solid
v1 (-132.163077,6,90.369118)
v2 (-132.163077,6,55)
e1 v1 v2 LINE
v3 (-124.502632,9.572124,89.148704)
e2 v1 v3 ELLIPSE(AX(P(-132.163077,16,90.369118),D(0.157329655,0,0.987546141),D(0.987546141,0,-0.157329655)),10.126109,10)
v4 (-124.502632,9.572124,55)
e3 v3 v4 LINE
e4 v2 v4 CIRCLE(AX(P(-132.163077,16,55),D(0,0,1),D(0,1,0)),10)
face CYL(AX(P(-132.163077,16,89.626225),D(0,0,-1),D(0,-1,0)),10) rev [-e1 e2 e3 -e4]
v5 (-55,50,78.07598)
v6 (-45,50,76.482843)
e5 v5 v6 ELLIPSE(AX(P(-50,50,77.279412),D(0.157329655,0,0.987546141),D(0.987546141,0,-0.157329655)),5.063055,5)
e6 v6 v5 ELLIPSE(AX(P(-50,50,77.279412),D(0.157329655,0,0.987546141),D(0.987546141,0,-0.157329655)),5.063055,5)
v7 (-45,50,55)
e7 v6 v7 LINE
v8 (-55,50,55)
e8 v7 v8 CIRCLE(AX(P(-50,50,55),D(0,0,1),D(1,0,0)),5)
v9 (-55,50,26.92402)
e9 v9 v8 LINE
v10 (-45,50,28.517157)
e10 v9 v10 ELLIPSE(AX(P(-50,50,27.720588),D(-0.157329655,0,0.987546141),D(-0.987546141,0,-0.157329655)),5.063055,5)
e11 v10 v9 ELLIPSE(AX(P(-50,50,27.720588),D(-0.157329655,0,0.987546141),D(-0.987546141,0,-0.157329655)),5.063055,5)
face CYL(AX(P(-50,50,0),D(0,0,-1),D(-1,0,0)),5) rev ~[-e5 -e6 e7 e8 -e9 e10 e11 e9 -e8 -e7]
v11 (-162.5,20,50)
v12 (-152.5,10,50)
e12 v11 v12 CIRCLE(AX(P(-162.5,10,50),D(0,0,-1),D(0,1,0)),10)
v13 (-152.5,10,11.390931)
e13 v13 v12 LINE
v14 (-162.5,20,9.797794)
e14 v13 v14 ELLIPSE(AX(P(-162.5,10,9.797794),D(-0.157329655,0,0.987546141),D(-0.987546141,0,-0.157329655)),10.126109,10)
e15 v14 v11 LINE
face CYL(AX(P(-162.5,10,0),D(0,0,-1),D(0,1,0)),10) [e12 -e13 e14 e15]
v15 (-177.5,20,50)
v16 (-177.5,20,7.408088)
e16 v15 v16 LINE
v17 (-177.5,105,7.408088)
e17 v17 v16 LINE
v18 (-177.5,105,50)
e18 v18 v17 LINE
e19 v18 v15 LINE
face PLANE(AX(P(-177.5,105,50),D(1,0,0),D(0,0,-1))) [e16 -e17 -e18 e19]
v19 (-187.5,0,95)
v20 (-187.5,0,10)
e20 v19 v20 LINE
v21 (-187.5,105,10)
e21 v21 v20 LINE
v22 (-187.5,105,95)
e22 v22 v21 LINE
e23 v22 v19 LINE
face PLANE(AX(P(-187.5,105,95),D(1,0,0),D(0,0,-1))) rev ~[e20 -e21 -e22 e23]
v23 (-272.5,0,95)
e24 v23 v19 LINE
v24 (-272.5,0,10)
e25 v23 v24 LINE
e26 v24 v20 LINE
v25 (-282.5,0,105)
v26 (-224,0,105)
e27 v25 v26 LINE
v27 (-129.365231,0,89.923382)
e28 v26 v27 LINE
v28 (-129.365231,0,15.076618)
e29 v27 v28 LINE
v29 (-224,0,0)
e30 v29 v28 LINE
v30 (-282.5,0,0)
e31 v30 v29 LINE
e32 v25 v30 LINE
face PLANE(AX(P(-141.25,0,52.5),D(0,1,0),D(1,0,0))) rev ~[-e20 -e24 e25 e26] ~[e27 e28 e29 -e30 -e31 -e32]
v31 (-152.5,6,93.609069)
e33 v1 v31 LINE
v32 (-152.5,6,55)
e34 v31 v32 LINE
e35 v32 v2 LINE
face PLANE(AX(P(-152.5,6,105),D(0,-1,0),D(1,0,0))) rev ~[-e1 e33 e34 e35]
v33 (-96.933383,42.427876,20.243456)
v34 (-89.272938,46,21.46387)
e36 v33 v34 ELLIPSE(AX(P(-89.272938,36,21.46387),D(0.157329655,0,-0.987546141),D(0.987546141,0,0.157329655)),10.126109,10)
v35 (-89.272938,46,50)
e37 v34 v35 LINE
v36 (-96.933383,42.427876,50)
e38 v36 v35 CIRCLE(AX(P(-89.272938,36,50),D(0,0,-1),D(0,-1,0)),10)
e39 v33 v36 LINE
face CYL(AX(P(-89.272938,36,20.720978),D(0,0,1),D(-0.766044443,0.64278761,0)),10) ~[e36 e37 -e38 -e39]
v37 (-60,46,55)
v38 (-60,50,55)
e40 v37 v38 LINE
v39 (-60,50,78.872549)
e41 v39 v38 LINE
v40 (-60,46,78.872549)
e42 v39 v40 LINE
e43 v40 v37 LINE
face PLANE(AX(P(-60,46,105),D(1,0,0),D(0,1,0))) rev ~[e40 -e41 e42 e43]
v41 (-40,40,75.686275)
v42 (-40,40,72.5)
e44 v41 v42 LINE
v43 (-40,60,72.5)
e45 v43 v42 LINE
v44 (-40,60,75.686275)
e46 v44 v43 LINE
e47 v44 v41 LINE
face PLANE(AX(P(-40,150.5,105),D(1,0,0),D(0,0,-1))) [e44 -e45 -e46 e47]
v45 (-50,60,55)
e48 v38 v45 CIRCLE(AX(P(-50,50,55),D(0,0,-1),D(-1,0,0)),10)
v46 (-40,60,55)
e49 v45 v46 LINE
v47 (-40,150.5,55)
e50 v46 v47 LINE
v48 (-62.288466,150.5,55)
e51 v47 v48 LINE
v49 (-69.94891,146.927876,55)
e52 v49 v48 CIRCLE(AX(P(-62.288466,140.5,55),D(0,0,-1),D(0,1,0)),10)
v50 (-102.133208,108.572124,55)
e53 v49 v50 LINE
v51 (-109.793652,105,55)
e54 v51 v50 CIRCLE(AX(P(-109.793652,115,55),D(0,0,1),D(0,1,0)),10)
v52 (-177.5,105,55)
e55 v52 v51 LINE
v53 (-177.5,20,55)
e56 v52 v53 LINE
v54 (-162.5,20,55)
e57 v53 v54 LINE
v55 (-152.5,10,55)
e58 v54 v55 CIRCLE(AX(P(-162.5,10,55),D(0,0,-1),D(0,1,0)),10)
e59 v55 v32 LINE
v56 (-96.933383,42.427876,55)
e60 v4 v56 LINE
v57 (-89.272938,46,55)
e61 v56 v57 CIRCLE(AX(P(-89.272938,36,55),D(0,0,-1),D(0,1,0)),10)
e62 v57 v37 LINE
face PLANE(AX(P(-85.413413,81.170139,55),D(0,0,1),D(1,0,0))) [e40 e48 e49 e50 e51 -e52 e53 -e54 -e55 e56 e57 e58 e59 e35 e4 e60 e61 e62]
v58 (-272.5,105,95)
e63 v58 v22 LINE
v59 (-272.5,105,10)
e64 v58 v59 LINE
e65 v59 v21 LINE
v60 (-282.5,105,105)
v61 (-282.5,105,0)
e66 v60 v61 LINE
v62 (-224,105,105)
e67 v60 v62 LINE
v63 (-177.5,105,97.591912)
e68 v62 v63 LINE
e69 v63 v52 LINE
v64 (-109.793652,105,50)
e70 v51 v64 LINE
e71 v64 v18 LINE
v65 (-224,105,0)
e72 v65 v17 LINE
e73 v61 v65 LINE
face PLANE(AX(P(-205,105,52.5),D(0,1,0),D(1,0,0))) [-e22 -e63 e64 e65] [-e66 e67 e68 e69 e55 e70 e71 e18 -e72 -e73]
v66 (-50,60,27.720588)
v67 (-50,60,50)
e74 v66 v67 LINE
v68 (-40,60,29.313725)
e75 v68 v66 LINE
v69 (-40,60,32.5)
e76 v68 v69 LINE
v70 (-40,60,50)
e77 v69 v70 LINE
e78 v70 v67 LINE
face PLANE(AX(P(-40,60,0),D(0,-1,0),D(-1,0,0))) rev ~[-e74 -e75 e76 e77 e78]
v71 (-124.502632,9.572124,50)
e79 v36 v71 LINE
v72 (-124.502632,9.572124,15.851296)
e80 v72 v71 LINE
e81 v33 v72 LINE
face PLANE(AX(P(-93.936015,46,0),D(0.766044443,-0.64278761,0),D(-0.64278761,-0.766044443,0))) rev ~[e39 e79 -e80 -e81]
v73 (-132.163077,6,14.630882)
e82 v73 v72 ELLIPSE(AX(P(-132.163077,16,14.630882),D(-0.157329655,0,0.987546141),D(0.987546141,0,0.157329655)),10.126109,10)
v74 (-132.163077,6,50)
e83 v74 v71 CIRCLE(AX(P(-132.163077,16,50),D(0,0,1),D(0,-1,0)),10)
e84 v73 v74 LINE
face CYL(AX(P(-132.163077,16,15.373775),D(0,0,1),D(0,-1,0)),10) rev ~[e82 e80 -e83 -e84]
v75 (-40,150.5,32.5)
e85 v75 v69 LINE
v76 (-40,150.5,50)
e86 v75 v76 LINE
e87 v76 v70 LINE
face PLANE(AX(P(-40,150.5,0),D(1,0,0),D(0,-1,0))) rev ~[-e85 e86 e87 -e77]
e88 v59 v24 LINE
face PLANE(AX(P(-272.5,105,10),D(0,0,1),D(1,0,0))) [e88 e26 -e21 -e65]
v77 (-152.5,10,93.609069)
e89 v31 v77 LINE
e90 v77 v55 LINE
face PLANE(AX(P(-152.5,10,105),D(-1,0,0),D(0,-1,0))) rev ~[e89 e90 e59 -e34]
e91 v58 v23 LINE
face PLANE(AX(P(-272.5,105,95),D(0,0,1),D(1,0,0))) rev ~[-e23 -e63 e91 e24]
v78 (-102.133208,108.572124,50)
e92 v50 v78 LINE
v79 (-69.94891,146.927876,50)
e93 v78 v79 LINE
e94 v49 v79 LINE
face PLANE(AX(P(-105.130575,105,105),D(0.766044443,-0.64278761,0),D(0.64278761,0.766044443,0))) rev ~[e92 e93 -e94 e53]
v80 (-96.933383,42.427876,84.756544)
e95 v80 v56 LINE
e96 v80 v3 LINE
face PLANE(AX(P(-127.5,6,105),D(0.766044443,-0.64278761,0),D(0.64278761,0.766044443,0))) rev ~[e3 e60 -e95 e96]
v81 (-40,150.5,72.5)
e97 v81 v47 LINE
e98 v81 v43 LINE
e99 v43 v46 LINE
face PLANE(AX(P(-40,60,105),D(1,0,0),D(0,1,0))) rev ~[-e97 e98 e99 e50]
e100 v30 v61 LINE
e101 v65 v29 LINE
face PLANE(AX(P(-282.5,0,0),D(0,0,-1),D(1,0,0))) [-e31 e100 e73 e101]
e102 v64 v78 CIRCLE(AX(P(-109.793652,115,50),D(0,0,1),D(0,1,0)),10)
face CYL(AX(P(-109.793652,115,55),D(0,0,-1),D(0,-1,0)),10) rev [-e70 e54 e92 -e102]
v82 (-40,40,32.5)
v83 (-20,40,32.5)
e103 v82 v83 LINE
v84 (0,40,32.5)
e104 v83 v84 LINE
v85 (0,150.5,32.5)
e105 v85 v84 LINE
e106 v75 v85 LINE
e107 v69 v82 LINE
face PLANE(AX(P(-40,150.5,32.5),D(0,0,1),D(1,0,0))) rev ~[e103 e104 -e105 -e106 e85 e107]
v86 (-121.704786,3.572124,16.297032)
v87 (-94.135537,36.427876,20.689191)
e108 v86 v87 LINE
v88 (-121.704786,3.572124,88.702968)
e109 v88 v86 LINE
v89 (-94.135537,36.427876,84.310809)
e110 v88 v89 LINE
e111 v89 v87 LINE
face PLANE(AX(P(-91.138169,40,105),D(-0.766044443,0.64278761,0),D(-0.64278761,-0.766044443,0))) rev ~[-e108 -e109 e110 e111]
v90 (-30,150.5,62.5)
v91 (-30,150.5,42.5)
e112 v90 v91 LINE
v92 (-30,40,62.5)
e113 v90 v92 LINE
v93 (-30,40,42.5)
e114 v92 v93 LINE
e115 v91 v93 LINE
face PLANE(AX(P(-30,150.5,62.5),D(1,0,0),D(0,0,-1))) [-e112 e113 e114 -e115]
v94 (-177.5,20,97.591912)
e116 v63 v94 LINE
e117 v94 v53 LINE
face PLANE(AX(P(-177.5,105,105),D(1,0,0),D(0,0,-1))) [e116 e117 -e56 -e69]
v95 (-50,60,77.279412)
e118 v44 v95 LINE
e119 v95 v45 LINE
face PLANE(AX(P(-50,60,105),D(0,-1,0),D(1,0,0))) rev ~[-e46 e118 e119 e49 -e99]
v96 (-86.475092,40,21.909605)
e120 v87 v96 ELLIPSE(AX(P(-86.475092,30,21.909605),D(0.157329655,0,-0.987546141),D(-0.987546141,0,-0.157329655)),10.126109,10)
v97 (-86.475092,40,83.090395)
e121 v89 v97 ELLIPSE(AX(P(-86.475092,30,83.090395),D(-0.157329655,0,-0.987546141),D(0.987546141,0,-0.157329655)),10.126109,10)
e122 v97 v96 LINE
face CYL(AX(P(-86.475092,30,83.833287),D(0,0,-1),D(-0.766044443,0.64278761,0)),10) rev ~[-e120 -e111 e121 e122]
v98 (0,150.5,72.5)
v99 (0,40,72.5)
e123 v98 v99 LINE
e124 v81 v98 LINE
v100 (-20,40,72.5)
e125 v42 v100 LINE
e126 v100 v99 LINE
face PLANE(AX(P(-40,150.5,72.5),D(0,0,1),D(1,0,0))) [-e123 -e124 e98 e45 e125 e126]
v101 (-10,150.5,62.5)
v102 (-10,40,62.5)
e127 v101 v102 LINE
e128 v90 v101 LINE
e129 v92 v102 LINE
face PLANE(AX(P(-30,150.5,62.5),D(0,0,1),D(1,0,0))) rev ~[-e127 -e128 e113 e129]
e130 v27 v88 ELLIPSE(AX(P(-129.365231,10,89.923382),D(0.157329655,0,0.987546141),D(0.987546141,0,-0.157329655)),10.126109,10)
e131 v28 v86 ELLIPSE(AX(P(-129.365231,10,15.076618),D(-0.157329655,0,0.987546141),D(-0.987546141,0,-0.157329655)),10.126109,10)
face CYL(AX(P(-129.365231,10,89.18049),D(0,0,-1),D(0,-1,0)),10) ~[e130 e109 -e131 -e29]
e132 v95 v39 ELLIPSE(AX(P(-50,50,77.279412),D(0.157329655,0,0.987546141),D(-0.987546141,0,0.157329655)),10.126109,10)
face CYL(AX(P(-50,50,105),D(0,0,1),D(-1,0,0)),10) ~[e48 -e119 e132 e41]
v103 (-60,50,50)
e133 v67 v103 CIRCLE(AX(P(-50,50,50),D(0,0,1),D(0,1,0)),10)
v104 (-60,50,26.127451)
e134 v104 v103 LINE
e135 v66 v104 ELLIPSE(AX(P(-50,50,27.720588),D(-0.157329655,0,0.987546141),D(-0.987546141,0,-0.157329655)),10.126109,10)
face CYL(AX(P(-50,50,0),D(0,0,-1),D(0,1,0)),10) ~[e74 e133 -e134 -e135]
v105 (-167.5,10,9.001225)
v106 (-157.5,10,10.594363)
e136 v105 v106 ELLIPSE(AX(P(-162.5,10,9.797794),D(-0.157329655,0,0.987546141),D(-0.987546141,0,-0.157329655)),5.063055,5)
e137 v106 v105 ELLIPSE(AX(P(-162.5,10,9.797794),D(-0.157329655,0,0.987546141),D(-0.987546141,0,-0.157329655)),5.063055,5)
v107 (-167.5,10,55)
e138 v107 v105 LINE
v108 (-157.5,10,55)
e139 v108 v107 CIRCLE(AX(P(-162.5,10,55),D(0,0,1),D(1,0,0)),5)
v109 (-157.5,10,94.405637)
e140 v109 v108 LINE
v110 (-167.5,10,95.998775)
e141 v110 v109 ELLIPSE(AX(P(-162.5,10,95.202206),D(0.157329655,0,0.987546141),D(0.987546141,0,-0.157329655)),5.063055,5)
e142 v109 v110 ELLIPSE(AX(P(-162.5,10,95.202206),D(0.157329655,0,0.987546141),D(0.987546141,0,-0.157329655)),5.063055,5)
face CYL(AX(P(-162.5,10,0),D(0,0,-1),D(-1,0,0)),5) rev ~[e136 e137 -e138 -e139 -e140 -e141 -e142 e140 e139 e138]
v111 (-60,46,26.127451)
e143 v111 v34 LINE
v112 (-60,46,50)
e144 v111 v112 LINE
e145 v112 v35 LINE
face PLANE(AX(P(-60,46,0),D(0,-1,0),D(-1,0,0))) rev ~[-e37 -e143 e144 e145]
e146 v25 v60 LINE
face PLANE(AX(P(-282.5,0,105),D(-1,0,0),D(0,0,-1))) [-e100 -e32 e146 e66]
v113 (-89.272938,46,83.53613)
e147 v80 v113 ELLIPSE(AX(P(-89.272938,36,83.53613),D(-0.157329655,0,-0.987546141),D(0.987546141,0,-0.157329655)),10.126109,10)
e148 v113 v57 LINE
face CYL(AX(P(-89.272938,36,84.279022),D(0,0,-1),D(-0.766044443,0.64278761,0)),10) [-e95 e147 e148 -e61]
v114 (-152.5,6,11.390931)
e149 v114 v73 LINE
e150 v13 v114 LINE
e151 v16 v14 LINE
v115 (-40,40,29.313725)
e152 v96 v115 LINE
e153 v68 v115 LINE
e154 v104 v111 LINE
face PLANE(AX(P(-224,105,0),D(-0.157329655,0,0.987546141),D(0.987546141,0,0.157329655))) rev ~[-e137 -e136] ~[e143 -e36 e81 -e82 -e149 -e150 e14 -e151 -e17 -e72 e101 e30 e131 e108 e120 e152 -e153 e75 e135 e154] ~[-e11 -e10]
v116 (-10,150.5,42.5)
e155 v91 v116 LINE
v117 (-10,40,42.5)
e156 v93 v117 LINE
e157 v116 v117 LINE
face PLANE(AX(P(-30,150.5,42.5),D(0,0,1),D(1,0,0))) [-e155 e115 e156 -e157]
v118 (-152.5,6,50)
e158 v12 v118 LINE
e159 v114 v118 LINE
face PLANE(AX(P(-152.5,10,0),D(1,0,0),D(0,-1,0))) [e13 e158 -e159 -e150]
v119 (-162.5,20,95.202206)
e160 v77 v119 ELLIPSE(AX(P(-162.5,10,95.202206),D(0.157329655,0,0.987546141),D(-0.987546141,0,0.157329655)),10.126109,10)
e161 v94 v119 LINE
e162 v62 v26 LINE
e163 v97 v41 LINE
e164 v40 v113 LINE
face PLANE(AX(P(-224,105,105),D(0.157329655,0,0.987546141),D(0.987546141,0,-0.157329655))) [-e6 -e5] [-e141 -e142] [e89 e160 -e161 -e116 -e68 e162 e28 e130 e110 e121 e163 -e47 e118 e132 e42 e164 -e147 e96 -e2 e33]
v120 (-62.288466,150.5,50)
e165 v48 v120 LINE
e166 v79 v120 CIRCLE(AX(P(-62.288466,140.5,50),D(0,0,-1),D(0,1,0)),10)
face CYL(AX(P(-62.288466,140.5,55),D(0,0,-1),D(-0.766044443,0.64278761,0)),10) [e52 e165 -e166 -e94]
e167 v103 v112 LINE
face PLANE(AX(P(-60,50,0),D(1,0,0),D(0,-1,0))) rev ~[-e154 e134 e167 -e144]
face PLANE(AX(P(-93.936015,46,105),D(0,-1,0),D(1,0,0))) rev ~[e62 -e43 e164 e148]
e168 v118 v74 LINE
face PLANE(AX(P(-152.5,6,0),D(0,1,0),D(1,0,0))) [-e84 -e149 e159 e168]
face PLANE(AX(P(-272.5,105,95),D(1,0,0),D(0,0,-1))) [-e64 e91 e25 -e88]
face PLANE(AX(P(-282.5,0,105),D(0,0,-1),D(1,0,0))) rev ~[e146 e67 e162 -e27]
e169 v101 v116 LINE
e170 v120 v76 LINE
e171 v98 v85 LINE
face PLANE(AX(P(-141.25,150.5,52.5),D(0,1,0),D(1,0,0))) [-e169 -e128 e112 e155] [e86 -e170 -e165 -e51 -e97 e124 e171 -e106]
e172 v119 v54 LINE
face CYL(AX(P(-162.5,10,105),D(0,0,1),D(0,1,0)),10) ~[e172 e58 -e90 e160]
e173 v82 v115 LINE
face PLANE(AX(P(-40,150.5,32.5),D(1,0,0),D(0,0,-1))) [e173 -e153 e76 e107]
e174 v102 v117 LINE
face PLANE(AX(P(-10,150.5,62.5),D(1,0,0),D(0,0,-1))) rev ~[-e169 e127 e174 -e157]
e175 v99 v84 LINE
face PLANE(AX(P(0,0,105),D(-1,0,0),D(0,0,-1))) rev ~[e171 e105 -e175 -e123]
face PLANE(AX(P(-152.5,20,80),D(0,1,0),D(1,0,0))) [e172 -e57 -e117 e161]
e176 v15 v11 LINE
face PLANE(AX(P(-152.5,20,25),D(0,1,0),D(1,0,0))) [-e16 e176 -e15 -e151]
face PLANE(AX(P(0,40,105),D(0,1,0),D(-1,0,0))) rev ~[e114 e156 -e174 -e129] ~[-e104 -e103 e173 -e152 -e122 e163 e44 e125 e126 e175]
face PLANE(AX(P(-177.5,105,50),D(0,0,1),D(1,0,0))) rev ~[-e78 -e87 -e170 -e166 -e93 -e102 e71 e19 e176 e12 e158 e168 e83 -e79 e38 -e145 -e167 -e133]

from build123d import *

# Parameters (mm, degrees)
SKETCH1_W           = 282.5
SKETCH1_H           = 105
BOSS_EXTRUDE1_DEPTH = 150.5
SKETCH2_W           = 155
SKETCH2_H           = 105
CUT_EXTRUDE1_DEPTH  = 45.5
SKETCH3_W           = 50
SKETCH3_H           = 50
CUT_EXTRUDE2_DEPTH  = 85
SKETCH4_R           = 5
CUT_EXTRUDE3_DEPTH  = 50
SKETCH5_R           = 5
CUT_EXTRUDE4_DEPTH  = 50
CUT_EXTRUDE5_DEPTH  = 106
CUT_EXTRUDE6_DEPTH  = 106
SKETCH8_R           = 5
CUT_EXTRUDE7_DEPTH  = 50
CUT_EXTRUDE8_DEPTH  = 50
SKETCH10_R          = 5
CUT_EXTRUDE9_DEPTH  = 106
SKETCH11_R          = 5
CUT_EXTRUDE10_DEPTH = 106
SKETCH12_W          = 85
SKETCH12_H          = 85
CUT_EXTRUDE11_DEPTH = 106
SKETCH13_W          = 40
SKETCH13_H          = 32.5
CUT_EXTRUDE12_DEPTH = 151.5
SKETCH14_W          = 20
SKETCH14_H          = 20
CUT_EXTRUDE13_DEPTH = 151.5
CUT_EXTRUDE14_DEPTH = 106
FILLET1_R           = 10
FILLET2_R           = 10
FILLET3_R           = 10


with BuildPart() as part:
    # Sketch1 → Boss-Extrude1 (new body)
    with BuildSketch(Plane(origin=(0, 0, 0), x_dir=(1, 0, 0), z_dir=(0, 1, 0))):
        with Locations((-141.25, -52.5)):
            Rectangle(SKETCH1_W, SKETCH1_H)
    extrude(amount=BOSS_EXTRUDE1_DEPTH)

    # Sketch2 → Cut-Extrude1 (cut)
    with BuildSketch(Plane(origin=(0, 150.5, 0), x_dir=(1, 0, 0), z_dir=(0, 1, 0))):
        with Locations((-205, -52.5)):
            Rectangle(SKETCH2_W, SKETCH2_H)
    extrude(amount=-CUT_EXTRUDE1_DEPTH, mode=Mode.SUBTRACT)

    # Sketch3 → Cut-Extrude2 (cut)
    with BuildSketch(Plane(origin=(0, 105, 0), x_dir=(1, 0, 0), z_dir=(0, 1, 0))):
        with Locations((-152.5, -80)):
            Rectangle(SKETCH3_W, SKETCH3_H)
        with Locations((-152.5, -25)):
            Rectangle(SKETCH3_W, SKETCH3_H)
    extrude(amount=-CUT_EXTRUDE2_DEPTH, mode=Mode.SUBTRACT)

    # Sketch4 → Cut-Extrude3 (cut)
    with BuildSketch(Plane.XY.offset(105)):
        with Locations((-162.5, 10)):
            Circle(SKETCH4_R)
        with BuildLine():
            Line((-152.5, 6), (-127.5, 6))
            Line((-127.5, 6), (-127.5, 105))
            Line((-127.5, 105), (-177.5, 105))
            Line((-177.5, 105), (-177.5, 20))
            Line((-177.5, 20), (-162.5, 20))
            ThreePointArc((-162.5, 20), (-155.428932188, 17.071067812), (-152.5, 10))
            Line((-152.5, 10), (-152.5, 6))
        make_face()
    extrude(amount=-CUT_EXTRUDE3_DEPTH, mode=Mode.SUBTRACT)

    # Sketch5 → Cut-Extrude4 (cut)
    with BuildSketch(Plane(origin=(0, 0, 0), x_dir=(-1, 0, 0), z_dir=(0, 0, -1))):
        with Locations((162.5, 10)):
            Circle(SKETCH5_R)
        with BuildLine():
            Line((127.5, 105), (177.5, 105))
            Line((177.5, 105), (177.5, 20))
            Line((177.5, 20), (162.5, 20))
            ThreePointArc((162.5, 20), (155.428932188, 17.071067812), (152.5, 10))
            Line((152.5, 10), (152.5, 6))
            Line((152.5, 6), (127.5, 6))
            Line((127.5, 6), (127.5, 105))
        make_face()
    extrude(amount=-CUT_EXTRUDE4_DEPTH, mode=Mode.SUBTRACT)

    # Sketch6 → Cut-Extrude5 (cut, through all)
    with BuildSketch(Plane.XY.offset(105)):
        Polygon((0, 40), (-91.138168804, 40), (-124.702154051, 0), (0, 0), align=None)
    extrude(amount=-CUT_EXTRUDE5_DEPTH, mode=Mode.SUBTRACT)

    # Sketch7 → Cut-Extrude6 (cut, through all)
    with BuildSketch(Plane.XY.offset(105)):
        Polygon((-127.5, 105), (-105.130575467, 105), (-66.951542249, 150.5), (-127.5, 150.5), align=None)
    extrude(amount=-CUT_EXTRUDE6_DEPTH, mode=Mode.SUBTRACT)

    # Sketch8 → Cut-Extrude7 (cut)
    with BuildSketch(Plane.XY.offset(105)):
        with Locations((-50, 50)):
            Circle(SKETCH8_R)
        with BuildLine():
            Line((-40, 150.5), (-66.951542249, 150.5))
            Line((-66.951542249, 150.5), (-105.130575467, 105))
            Line((-105.130575467, 105), (-127.5, 105))
            Line((-127.5, 105), (-127.5, 6))
            Line((-127.5, 6), (-93.936014753, 46))
            Line((-93.936014753, 46), (-60, 46))
            Line((-60, 46), (-60, 50))
            ThreePointArc((-60, 50), (-57.071067812, 57.071067812), (-50, 60))
            Line((-50, 60), (-40, 60))
            Line((-40, 60), (-40, 150.5))
        make_face()
    extrude(amount=-CUT_EXTRUDE7_DEPTH, mode=Mode.SUBTRACT)

    # Sketch9 → Cut-Extrude8 (cut)
    with BuildSketch(Plane(origin=(0, 0, 0), x_dir=(-1, 0, 0), z_dir=(0, 0, -1))):
        with BuildLine():
            Line((66.951542249, 150.5), (40, 150.5))
            Line((40, 150.5), (40, 60))
            Line((40, 60), (50, 60))
            ThreePointArc((50, 60), (57.071067812, 57.071067812), (60, 50))
            Line((60, 50), (60, 46))
            Line((60, 46), (93.936014753, 46))
            Line((93.936014753, 46), (127.5, 6))
            Line((127.5, 6), (127.5, 105))
            Line((127.5, 105), (105.130575467, 105))
            Line((105.130575467, 105), (66.951542249, 150.5))
        make_face()
    extrude(amount=-CUT_EXTRUDE8_DEPTH, mode=Mode.SUBTRACT)

    # Sketch10 → Cut-Extrude9 (cut, through all)
    with BuildSketch(Plane(origin=(0, 0, 0), x_dir=(-1, 0, 0), z_dir=(0, 0, -1))):
        with Locations((50, 50)):
            Circle(SKETCH10_R)
    extrude(amount=-CUT_EXTRUDE9_DEPTH, mode=Mode.SUBTRACT)

    # Sketch11 → Cut-Extrude10 (cut, through all)
    with BuildSketch(Plane(origin=(0, 0, 0), x_dir=(-1, 0, 0), z_dir=(0, 0, -1))):
        with Locations((162.5, 10)):
            Circle(SKETCH11_R)
    extrude(amount=-CUT_EXTRUDE10_DEPTH, mode=Mode.SUBTRACT)

    # Sketch12 → Cut-Extrude11 (cut, through all)
    with BuildSketch(Plane(origin=(0, 105, 0), x_dir=(1, 0, 0), z_dir=(0, 1, 0))):
        with Locations((-230, -52.5)):
            Rectangle(SKETCH12_W, SKETCH12_H)
    extrude(amount=-CUT_EXTRUDE11_DEPTH, mode=Mode.SUBTRACT)

    # Sketch13 → Cut-Extrude12 (cut, through all)
    with BuildSketch(Plane(origin=(0, 150.5, 0), x_dir=(1, 0, 0), z_dir=(0, 1, 0))):
        with Locations((-20, -88.75)):
            Rectangle(SKETCH13_W, SKETCH13_H)
        with Locations((-20, -16.25)):
            Rectangle(SKETCH13_W, SKETCH13_H)
    extrude(amount=-CUT_EXTRUDE12_DEPTH, mode=Mode.SUBTRACT)

    # Sketch14 → Cut-Extrude13 (cut, through all)
    with BuildSketch(Plane(origin=(0, 150.5, 0), x_dir=(1, 0, 0), z_dir=(0, 1, 0))):
        with Locations((-20, -52.5)):
            Rectangle(SKETCH14_W, SKETCH14_H)
    extrude(amount=-CUT_EXTRUDE13_DEPTH, mode=Mode.SUBTRACT)

    # Sketch15 → Cut-Extrude14 (cut, through all)
    with BuildSketch(Plane(origin=(0, 105, 0), x_dir=(1, 0, 0), z_dir=(0, 1, 0))):
        Polygon((-224, 0), (-20, -32.5), (-20, 0), align=None)
        Polygon((-224, -105), (-20, -72.5), (-20, -105), align=None)
    extrude(amount=-CUT_EXTRUDE14_DEPTH, mode=Mode.SUBTRACT)

    # Fillet1
    fillet1_edges = [part.edges().sort_by_distance(p)[0] for p in [
        (-93.936014753, 46, 69.639510979),
        (-93.936014753, 46, 35.360489021),
        (-127.5, 6, 72.313112745),
        (-127.5, 6, 32.686887255),
    ]]
    fillet(fillet1_edges, radius=FILLET1_R)

    # Fillet2
    fillet2_edges = [part.edges().sort_by_distance(p)[0] for p in [
        (-124.702154051, 0, 52.5),
        (-91.138168804, 40, 52.5),
    ]]
    fillet(fillet2_edges, radius=FILLET2_R)

    # Fillet3
    fillet3_edges = [part.edges().sort_by_distance(p)[0] for p in [
        (-105.130575467, 105, 52.5),
        (-66.951542249, 150.5, 52.5),
    ]]
    fillet(fillet3_edges, radius=FILLET3_R)


solid = part.part
